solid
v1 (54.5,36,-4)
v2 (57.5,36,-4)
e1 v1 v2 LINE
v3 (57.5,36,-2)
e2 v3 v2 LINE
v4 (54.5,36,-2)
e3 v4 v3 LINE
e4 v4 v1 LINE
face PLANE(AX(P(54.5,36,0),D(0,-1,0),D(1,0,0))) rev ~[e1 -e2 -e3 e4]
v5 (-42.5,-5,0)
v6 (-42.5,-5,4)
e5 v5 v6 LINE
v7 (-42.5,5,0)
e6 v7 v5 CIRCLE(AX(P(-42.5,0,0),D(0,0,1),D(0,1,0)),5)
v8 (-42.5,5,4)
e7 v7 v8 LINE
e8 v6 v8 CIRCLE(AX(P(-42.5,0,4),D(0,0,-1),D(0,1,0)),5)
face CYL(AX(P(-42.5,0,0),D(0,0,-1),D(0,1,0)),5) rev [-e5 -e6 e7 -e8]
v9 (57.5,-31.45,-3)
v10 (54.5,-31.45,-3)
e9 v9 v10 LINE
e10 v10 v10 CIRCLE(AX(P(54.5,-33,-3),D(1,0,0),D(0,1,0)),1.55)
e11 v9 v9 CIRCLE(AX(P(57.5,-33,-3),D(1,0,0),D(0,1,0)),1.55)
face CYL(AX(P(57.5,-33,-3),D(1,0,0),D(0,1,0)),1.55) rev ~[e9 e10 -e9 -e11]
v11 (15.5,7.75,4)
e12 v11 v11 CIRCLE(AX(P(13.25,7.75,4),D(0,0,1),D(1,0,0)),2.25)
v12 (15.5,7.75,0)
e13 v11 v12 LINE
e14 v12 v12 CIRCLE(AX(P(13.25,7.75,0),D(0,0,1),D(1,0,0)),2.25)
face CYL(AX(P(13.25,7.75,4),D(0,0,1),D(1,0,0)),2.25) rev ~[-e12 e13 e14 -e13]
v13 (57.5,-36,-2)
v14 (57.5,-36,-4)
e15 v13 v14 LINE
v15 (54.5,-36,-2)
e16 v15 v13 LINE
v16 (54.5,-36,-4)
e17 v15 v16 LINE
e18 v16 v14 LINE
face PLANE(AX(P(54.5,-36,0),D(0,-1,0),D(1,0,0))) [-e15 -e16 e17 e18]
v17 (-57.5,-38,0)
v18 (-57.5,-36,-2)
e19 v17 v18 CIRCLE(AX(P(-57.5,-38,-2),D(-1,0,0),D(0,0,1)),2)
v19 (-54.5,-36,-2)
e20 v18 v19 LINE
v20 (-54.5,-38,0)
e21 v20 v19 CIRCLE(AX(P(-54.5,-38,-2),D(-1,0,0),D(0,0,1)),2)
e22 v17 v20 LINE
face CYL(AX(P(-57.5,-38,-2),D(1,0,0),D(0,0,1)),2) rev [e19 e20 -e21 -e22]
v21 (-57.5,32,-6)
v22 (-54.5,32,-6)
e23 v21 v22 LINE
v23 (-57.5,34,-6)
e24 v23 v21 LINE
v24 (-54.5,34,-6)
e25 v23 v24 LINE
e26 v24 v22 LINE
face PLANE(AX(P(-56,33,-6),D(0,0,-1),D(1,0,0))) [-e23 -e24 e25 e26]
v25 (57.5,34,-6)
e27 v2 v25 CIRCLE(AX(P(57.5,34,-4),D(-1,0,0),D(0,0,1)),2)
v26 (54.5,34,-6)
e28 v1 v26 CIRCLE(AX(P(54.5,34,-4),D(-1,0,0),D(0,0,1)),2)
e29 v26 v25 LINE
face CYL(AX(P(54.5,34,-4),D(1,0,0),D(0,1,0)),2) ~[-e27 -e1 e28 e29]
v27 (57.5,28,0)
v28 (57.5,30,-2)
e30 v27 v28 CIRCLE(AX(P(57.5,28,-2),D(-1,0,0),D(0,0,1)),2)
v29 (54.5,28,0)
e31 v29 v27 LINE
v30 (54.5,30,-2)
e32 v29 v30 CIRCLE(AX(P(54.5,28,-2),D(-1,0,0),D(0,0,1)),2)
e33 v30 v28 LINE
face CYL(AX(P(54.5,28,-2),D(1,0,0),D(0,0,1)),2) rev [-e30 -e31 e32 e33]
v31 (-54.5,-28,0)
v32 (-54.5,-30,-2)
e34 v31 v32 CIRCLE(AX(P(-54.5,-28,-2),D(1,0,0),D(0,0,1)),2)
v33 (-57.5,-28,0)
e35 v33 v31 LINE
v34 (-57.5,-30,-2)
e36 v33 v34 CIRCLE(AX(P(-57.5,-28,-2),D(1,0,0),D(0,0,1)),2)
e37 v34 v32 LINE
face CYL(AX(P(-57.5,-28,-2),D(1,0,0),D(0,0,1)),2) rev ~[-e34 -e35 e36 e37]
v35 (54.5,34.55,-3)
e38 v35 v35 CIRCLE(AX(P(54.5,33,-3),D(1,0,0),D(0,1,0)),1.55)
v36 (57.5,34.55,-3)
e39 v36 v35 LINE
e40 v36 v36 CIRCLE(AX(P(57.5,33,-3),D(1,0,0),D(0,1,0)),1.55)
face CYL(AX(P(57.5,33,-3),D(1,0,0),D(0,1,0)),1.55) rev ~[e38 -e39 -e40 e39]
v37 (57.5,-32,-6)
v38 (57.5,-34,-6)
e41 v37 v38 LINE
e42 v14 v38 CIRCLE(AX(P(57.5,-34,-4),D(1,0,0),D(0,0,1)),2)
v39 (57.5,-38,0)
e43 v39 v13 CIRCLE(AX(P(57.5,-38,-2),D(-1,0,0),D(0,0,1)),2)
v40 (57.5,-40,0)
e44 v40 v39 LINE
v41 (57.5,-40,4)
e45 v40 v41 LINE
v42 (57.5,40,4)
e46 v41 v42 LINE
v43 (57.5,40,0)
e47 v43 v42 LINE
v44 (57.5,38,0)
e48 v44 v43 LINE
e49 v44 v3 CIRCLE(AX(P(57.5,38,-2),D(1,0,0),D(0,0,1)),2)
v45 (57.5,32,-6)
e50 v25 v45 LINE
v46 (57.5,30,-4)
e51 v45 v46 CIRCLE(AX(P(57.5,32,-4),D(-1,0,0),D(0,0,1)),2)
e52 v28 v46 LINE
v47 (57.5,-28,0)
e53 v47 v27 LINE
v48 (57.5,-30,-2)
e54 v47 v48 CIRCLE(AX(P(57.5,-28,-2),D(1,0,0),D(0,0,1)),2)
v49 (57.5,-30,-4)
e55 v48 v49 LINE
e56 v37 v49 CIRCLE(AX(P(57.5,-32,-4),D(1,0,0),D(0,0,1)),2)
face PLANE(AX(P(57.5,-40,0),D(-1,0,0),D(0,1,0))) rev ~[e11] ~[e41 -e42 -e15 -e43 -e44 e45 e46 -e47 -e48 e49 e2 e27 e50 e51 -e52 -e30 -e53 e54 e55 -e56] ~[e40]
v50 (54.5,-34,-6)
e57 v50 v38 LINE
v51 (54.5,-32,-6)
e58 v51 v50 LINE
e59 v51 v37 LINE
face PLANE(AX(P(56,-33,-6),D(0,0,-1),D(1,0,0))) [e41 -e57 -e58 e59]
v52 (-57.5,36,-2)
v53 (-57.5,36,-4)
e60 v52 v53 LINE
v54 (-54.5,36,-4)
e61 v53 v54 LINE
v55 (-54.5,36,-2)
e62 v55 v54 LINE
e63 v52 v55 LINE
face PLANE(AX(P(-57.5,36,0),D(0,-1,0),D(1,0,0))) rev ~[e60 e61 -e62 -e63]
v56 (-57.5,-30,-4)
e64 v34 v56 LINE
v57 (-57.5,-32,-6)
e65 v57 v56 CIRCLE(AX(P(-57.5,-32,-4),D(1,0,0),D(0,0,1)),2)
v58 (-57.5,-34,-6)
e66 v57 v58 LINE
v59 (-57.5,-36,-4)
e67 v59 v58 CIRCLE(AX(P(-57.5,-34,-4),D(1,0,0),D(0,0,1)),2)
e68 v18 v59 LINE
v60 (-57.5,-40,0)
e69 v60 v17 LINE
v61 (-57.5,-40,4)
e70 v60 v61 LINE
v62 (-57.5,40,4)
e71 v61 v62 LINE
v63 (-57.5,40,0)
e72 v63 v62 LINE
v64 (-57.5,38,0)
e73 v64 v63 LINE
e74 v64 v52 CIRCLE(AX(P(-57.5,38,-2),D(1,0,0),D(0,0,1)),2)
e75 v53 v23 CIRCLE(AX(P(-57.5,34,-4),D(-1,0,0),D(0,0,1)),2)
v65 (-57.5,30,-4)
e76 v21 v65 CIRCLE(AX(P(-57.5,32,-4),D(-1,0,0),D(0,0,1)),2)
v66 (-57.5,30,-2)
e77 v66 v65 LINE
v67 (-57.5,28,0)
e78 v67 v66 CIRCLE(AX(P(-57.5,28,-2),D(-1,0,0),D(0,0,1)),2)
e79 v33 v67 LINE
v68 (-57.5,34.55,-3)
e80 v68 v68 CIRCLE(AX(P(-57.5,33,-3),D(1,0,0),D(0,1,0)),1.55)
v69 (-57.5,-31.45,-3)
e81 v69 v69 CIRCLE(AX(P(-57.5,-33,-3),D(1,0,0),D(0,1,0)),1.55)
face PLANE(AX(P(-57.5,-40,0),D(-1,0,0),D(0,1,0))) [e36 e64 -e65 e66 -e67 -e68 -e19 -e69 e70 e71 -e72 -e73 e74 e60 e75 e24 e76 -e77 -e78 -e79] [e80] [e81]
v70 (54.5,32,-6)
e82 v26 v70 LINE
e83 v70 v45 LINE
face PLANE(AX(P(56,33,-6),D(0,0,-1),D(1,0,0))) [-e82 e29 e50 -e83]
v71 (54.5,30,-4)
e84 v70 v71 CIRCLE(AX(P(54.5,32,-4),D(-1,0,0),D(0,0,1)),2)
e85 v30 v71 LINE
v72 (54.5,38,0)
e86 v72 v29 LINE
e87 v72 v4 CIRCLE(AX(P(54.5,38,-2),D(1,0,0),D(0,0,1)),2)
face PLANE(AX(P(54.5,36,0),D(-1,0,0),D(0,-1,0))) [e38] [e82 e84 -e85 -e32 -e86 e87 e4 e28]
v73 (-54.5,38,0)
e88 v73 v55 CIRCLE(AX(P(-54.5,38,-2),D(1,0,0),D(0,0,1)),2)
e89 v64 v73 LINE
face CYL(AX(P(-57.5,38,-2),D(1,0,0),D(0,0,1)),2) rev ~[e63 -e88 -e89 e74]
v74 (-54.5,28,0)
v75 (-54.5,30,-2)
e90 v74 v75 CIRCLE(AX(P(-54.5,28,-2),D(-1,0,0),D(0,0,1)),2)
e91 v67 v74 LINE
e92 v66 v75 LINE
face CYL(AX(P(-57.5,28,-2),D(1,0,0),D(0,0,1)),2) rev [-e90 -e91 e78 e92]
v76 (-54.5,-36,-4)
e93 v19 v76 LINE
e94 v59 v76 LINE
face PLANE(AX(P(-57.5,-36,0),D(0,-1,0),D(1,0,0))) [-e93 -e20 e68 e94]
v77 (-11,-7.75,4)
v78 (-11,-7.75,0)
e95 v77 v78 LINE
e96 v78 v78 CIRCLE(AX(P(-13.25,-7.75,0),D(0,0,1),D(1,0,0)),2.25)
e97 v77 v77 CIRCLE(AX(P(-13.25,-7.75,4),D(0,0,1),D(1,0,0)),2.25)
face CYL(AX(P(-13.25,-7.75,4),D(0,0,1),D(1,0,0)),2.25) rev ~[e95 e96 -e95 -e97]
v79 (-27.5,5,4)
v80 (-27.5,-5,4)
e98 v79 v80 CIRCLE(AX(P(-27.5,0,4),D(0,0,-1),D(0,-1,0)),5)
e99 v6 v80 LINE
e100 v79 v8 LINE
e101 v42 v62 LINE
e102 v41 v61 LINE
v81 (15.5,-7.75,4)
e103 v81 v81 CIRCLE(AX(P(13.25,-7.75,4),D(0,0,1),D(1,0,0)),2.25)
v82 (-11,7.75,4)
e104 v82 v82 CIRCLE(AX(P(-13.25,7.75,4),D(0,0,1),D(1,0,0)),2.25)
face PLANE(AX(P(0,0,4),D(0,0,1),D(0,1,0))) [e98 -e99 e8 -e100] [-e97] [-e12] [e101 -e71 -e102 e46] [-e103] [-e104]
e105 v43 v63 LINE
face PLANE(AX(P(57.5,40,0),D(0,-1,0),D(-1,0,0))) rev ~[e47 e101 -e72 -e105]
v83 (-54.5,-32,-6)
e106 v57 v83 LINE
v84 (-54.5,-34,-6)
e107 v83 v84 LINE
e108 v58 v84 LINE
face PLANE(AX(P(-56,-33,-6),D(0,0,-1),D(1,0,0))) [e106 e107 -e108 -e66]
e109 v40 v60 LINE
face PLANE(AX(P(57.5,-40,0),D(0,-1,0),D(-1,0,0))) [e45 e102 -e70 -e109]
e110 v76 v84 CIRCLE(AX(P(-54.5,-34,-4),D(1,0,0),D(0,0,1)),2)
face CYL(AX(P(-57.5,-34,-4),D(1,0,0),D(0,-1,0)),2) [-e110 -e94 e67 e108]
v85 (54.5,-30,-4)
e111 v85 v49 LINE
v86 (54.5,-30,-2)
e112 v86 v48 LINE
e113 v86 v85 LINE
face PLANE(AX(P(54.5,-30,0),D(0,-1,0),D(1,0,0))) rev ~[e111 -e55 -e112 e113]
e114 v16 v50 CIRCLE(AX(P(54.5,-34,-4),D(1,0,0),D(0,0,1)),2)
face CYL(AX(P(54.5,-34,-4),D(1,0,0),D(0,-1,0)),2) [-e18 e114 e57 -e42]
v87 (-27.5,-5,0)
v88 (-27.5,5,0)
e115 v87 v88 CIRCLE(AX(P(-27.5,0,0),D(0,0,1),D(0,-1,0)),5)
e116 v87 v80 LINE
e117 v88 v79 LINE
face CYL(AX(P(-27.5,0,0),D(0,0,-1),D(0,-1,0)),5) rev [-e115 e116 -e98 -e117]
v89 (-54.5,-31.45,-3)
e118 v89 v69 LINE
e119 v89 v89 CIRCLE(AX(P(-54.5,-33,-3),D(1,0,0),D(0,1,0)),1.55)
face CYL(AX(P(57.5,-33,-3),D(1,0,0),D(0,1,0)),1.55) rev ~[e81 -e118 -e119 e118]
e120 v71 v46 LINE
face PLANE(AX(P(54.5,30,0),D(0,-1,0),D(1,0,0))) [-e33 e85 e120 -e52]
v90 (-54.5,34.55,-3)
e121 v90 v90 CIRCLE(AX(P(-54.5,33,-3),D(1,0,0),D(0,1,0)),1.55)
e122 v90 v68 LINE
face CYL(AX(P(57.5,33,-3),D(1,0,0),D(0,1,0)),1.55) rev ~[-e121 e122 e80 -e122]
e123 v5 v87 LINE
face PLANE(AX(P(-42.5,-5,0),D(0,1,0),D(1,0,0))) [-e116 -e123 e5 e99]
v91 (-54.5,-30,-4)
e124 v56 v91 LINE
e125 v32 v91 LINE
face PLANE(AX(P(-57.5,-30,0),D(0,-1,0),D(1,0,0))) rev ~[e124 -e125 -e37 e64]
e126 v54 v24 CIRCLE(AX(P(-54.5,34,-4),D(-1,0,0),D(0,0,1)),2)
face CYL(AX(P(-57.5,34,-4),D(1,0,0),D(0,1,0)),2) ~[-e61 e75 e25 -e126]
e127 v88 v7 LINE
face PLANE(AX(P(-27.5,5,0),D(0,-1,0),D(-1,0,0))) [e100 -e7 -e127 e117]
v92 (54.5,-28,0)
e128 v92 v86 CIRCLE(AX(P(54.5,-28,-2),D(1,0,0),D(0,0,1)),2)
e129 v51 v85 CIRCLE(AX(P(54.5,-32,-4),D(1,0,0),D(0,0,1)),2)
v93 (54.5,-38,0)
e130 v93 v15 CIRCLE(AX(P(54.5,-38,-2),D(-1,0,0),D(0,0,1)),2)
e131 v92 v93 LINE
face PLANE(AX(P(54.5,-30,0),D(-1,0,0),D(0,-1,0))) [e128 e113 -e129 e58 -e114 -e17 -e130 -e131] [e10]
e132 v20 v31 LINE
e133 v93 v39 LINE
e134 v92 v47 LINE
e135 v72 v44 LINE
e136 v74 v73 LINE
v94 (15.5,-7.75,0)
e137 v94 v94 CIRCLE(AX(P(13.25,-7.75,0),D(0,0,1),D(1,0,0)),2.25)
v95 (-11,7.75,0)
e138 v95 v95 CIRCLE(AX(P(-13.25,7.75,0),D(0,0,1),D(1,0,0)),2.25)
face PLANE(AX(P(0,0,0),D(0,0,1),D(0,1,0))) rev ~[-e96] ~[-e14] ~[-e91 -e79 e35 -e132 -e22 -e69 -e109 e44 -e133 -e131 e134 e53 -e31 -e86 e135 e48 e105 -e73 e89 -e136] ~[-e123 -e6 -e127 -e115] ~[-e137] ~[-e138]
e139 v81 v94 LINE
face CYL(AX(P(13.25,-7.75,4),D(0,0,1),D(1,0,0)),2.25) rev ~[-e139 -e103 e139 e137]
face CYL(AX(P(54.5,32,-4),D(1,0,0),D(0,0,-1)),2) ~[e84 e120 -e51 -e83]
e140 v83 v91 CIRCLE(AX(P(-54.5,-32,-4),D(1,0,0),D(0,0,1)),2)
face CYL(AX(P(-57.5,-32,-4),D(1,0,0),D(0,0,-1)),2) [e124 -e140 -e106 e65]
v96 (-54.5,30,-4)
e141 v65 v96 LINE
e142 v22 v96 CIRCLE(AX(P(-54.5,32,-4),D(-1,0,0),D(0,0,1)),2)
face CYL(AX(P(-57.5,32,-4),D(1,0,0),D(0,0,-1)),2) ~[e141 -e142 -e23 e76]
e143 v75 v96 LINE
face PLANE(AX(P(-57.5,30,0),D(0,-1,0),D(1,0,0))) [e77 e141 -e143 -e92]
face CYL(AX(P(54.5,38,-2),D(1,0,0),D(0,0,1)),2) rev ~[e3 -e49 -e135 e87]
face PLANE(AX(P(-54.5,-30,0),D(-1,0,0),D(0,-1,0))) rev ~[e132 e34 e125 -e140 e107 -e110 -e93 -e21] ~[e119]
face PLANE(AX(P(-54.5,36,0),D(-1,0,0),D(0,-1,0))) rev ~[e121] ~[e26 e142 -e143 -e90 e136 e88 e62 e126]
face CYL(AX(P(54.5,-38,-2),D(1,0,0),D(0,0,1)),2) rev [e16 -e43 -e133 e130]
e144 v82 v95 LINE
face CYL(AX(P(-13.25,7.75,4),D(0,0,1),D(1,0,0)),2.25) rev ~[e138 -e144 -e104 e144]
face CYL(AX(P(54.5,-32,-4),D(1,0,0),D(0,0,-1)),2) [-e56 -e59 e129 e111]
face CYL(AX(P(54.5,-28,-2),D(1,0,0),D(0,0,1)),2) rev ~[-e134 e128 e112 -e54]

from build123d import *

# Parameters (mm, degrees)
SKETCH1_W               = 80
SKETCH1_H               = 115
BOSS_EXTRUDE1_DEPTH     = 4
CUT_EXTRUDE1_REACH      = 6
SKETCH2_R               = 2.25
SKETCH4_W               = 3
SKETCH4_H               = 6
BOSS_EXTRUDE3_DEPTH     = 6
SKETCH5_R               = 1.55
CUT_EXTRUDE2_DEPTH      = 1
CUT_EXTRUDE2_DEPTH_BACK = 116
FILLET1_R               = 2
CUT_EXTRUDE3_REACH      = 6


with BuildPart() as part:
    # Sketch1 → Boss-Extrude1 (new body)
    with BuildSketch(Plane(origin=(0, 0, 0), x_dir=(0, 1, 0), z_dir=(0, 0, 1))):
        Rectangle(SKETCH1_W, SKETCH1_H)
    extrude(amount=BOSS_EXTRUDE1_DEPTH)

    # Sketch2 → Cut-Extrude1 (cut, up to next)
    with BuildSketch(Plane.XY.offset(4), mode=Mode.PRIVATE) as cut_extrude1_sk1:
        with Locations((13.25, 7.75)):
            Circle(SKETCH2_R)
    cut_extrude1_tool1 = extrude(cut_extrude1_sk1.sketch, amount=-CUT_EXTRUDE1_REACH, mode=Mode.PRIVATE) & part.part
    add(cut_extrude1_tool1.solids().sort_by_distance((13.25, 7.75, 4))[0], mode=Mode.SUBTRACT)
    # Sketch2 → Cut-Extrude1 (cut, up to next)
    with BuildSketch(Plane.XY.offset(4), mode=Mode.PRIVATE) as cut_extrude1_sk2:
        with Locations((-13.25, 7.75)):
            Circle(SKETCH2_R)
    cut_extrude1_tool2 = extrude(cut_extrude1_sk2.sketch, amount=-CUT_EXTRUDE1_REACH, mode=Mode.PRIVATE) & part.part
    add(cut_extrude1_tool2.solids().sort_by_distance((-13.25, 7.75, 4))[0], mode=Mode.SUBTRACT)
    # Sketch2 → Cut-Extrude1 (cut, up to next)
    with BuildSketch(Plane.XY.offset(4), mode=Mode.PRIVATE) as cut_extrude1_sk3:
        with Locations((13.25, -7.75)):
            Circle(SKETCH2_R)
    cut_extrude1_tool3 = extrude(cut_extrude1_sk3.sketch, amount=-CUT_EXTRUDE1_REACH, mode=Mode.PRIVATE) & part.part
    add(cut_extrude1_tool3.solids().sort_by_distance((13.25, -7.75, 4))[0], mode=Mode.SUBTRACT)
    # Sketch2 → Cut-Extrude1 (cut, up to next)
    with BuildSketch(Plane.XY.offset(4), mode=Mode.PRIVATE) as cut_extrude1_sk4:
        with Locations((-13.25, -7.75)):
            Circle(SKETCH2_R)
    cut_extrude1_tool4 = extrude(cut_extrude1_sk4.sketch, amount=-CUT_EXTRUDE1_REACH, mode=Mode.PRIVATE) & part.part
    add(cut_extrude1_tool4.solids().sort_by_distance((-13.25, -7.75, 4))[0], mode=Mode.SUBTRACT)

    # Sketch4 → Boss-Extrude3 (add)
    with BuildSketch(Plane(origin=(0, 0, 0), x_dir=(1, 0, 0), z_dir=(0, 0, -1))):
        with Locations((-56, 33)):
            Rectangle(SKETCH4_W, SKETCH4_H)
        with Locations((56, 33)):
            Rectangle(SKETCH4_W, SKETCH4_H)
        with Locations((-56, -33)):
            Rectangle(SKETCH4_W, SKETCH4_H)
        with Locations((56, -33)):
            Rectangle(SKETCH4_W, SKETCH4_H)
    extrude(amount=BOSS_EXTRUDE3_DEPTH)

    # Sketch5 → Cut-Extrude2 (cut, two sides)
    with BuildSketch(Plane.YZ.offset(57.5)) as cut_extrude2_sk:
        with Locations((-33, -3)):
            Circle(SKETCH5_R)
        with Locations((33, -3)):
            Circle(SKETCH5_R)
    extrude(amount=CUT_EXTRUDE2_DEPTH, mode=Mode.SUBTRACT)
    extrude(cut_extrude2_sk.sketch, amount=-CUT_EXTRUDE2_DEPTH_BACK, mode=Mode.SUBTRACT)

    # Fillet1
    fillet1_edges = [part.edges().sort_by_distance(p)[0] for p in [
        (56, 30, 0),
        (56, 36, 0),
        (56, 30, -6),
        (56, 36, -6),
        (-56, 30, 0),
        (-56, 36, 0),
        (-56, 30, -6),
        (-56, 36, -6),
        (-56, -30, 0),
        (-56, -36, 0),
        (-56, -30, -6),
        (-56, -36, -6),
        (56, -36, 0),
        (56, -30, 0),
        (56, -36, -6),
        (56, -30, -6),
    ]]
    fillet(fillet1_edges, radius=FILLET1_R)

    # Sketch6 → Cut-Extrude3 (cut, up to next)
    with BuildSketch(Plane(origin=(0, 0, 0), x_dir=(1, 0, 0), z_dir=(0, 0, -1)), mode=Mode.PRIVATE) as cut_extrude3_sk1:
        with BuildLine():
            Line((-42.5, 5), (-27.5, 5))
            ThreePointArc((-27.5, 5), (-22.5, 0), (-27.5, -5))
            Line((-27.5, -5), (-42.5, -5))
            ThreePointArc((-42.5, -5), (-47.5, 0), (-42.5, 5))
        make_face()
    cut_extrude3_tool1 = extrude(cut_extrude3_sk1.sketch, amount=-CUT_EXTRUDE3_REACH, mode=Mode.PRIVATE) & part.part
    add(cut_extrude3_tool1.solids().sort_by_distance((-35, 0, 0))[0], mode=Mode.SUBTRACT)


solid = part.part
